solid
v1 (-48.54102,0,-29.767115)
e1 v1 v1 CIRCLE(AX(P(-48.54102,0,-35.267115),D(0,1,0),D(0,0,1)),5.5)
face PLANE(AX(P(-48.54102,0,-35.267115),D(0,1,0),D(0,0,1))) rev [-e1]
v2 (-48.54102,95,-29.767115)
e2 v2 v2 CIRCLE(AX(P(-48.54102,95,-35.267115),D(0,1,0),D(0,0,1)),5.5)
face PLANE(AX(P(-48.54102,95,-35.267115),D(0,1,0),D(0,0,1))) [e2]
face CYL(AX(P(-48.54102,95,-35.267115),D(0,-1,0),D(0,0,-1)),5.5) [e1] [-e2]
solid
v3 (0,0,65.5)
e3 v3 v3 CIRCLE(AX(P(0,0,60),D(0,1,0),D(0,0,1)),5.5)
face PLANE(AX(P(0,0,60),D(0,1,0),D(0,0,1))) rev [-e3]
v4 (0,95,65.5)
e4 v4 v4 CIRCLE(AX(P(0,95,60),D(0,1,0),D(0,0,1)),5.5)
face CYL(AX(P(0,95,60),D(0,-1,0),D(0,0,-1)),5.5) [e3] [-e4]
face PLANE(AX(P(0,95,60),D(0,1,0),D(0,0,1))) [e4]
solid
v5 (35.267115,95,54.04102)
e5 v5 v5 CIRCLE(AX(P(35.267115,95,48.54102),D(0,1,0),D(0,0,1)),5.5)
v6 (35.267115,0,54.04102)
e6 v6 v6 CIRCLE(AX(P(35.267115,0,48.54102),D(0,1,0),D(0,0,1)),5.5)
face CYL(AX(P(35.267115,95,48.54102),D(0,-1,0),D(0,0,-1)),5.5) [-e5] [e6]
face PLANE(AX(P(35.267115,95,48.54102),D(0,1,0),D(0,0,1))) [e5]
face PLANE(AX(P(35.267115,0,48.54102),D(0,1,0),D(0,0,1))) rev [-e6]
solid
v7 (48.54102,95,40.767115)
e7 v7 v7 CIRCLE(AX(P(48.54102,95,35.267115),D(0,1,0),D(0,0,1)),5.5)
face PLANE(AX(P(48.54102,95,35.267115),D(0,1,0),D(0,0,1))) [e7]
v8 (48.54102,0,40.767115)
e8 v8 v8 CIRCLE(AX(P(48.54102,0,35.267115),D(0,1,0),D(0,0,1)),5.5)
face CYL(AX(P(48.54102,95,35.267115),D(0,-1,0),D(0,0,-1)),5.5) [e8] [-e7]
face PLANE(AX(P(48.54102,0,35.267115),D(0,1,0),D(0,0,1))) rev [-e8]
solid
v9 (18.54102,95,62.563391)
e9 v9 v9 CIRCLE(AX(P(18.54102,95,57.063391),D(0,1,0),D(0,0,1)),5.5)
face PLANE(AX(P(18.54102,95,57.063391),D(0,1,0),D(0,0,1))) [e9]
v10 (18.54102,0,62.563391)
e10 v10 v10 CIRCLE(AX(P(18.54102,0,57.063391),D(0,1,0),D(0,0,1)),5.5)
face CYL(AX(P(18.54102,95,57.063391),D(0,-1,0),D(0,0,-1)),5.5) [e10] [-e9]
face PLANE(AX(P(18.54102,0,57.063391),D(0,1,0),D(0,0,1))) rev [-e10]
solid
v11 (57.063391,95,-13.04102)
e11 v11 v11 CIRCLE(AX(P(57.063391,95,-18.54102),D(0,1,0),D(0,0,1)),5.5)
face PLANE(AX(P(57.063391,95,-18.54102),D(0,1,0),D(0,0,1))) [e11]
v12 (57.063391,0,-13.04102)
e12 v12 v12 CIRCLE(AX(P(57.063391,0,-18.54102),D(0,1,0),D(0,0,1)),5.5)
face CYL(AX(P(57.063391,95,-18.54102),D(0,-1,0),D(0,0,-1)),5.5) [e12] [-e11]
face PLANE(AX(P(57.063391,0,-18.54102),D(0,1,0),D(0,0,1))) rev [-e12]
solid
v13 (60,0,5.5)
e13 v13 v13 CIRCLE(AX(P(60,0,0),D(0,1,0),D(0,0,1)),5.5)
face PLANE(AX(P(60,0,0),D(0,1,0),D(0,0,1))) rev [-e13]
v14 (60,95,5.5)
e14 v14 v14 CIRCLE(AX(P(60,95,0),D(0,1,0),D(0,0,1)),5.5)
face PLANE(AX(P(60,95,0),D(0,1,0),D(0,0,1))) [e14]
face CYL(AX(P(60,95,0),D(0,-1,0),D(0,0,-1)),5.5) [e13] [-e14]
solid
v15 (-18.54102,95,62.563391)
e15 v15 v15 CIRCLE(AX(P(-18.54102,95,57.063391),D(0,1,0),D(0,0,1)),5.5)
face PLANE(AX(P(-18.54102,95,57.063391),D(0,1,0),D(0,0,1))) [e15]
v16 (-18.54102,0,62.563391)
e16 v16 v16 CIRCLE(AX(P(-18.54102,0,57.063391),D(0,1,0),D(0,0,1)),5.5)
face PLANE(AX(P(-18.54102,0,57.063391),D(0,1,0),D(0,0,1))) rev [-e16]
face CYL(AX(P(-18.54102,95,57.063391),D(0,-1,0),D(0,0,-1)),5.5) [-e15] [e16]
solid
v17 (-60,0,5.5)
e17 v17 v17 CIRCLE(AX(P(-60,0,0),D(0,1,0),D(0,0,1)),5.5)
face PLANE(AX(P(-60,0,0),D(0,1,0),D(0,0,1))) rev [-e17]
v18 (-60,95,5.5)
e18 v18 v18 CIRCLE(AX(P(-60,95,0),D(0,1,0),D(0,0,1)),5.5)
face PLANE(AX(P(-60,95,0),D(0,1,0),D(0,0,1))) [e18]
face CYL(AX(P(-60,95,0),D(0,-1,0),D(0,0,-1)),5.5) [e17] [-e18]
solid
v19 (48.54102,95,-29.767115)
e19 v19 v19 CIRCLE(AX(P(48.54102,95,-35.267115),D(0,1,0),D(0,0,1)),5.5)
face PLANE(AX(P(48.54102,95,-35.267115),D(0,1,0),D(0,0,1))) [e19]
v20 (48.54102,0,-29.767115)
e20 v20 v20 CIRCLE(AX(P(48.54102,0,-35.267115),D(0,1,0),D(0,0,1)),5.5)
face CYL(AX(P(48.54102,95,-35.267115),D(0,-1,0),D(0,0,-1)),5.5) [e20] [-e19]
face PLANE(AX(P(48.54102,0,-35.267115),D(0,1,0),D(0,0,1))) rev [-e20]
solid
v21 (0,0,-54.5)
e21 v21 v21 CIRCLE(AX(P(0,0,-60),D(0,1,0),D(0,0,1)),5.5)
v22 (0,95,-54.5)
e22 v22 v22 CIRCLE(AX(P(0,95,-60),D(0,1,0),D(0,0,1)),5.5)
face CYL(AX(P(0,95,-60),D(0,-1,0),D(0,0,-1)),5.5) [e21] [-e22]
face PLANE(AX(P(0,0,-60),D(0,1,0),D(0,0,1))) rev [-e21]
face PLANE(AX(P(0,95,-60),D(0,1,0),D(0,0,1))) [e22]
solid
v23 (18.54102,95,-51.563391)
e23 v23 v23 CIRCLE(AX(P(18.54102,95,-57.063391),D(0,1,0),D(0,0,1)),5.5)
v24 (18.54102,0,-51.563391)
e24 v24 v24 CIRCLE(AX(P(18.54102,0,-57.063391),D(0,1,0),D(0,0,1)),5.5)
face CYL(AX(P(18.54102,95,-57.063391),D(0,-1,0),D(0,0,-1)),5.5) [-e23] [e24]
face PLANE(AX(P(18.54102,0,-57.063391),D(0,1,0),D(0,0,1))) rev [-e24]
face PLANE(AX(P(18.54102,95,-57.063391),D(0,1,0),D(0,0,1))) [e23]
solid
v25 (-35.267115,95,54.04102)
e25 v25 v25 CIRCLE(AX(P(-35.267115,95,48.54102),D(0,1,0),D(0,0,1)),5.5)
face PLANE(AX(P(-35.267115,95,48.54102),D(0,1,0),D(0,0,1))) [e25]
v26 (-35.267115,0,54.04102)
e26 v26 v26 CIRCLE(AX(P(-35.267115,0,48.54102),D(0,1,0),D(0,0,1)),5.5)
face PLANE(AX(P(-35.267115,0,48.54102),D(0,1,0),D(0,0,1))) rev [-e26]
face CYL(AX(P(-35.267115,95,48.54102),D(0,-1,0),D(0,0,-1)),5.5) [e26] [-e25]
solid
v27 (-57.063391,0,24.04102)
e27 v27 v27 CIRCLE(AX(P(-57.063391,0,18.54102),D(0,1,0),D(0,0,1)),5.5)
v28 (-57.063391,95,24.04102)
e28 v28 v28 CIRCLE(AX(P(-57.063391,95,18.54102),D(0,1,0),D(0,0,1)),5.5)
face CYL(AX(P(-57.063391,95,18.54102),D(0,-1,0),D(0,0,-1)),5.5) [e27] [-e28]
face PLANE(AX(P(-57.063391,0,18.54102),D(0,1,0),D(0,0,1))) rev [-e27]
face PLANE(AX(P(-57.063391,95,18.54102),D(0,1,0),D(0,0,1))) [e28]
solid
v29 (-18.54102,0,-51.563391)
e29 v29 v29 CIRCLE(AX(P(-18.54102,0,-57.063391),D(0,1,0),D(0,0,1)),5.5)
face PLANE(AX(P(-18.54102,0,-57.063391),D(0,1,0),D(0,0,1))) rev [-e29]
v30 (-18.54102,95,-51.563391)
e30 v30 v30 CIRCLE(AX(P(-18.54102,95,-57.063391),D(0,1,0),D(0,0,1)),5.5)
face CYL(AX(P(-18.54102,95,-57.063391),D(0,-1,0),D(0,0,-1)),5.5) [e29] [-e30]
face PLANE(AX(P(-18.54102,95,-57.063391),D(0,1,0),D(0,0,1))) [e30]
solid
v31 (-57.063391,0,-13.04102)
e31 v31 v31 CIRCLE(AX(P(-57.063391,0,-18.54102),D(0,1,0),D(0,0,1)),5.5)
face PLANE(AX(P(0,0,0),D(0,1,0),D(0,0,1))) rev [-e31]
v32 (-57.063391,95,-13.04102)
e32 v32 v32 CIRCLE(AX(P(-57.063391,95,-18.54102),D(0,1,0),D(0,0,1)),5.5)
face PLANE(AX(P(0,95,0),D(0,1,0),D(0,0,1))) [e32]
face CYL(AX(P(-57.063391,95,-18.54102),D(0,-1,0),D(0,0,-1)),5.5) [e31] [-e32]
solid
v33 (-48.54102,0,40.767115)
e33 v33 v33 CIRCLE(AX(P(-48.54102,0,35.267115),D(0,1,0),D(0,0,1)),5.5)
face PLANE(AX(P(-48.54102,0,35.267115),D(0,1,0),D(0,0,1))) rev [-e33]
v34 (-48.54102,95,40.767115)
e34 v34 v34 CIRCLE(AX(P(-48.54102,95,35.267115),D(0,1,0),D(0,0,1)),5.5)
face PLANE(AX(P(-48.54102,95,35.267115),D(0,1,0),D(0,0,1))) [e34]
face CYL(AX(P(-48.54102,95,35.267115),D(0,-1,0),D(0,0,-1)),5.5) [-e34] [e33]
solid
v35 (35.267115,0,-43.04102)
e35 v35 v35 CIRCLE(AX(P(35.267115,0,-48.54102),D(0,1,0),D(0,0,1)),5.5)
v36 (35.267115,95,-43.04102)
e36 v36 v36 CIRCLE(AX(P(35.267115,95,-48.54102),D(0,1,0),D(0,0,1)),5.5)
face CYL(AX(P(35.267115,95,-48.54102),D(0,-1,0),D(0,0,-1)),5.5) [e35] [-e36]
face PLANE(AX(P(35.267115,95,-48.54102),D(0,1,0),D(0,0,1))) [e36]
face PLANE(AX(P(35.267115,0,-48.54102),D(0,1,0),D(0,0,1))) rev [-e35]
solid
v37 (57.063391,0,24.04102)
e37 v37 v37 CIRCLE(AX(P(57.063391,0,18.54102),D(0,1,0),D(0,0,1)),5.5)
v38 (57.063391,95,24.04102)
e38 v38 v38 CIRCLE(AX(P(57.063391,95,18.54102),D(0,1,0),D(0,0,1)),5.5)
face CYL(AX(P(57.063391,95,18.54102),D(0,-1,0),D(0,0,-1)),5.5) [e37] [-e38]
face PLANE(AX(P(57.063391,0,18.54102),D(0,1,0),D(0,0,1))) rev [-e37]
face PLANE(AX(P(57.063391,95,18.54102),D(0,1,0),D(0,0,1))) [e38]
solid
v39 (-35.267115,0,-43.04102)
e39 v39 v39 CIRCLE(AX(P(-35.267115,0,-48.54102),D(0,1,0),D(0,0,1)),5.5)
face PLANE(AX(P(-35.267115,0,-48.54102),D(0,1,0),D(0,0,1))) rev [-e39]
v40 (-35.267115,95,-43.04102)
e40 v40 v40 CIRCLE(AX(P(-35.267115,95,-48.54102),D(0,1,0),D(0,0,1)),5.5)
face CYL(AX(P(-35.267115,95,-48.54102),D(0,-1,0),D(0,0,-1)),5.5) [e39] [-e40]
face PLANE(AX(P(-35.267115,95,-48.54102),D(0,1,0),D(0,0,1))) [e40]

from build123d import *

# Parameters (mm, degrees)
SKETCH1_R              = 5.5
BOSS_EXTRUDE1_DEPTH    = 95
BOSS_EXTRUDE1_2_DEPTH  = 95
BOSS_EXTRUDE1_3_DEPTH  = 95
BOSS_EXTRUDE1_4_DEPTH  = 95
BOSS_EXTRUDE1_5_DEPTH  = 95
BOSS_EXTRUDE1_6_DEPTH  = 95
BOSS_EXTRUDE1_7_DEPTH  = 95
BOSS_EXTRUDE1_8_DEPTH  = 95
BOSS_EXTRUDE1_9_DEPTH  = 95
BOSS_EXTRUDE1_10_DEPTH = 95
BOSS_EXTRUDE1_11_DEPTH = 95
BOSS_EXTRUDE1_12_DEPTH = 95
BOSS_EXTRUDE1_13_DEPTH = 95
BOSS_EXTRUDE1_14_DEPTH = 95
BOSS_EXTRUDE1_15_DEPTH = 95
BOSS_EXTRUDE1_16_DEPTH = 95
BOSS_EXTRUDE1_17_DEPTH = 95
BOSS_EXTRUDE1_18_DEPTH = 95
BOSS_EXTRUDE1_19_DEPTH = 95
BOSS_EXTRUDE1_20_DEPTH = 95


with BuildPart() as part:
    # Sketch1 → Boss-Extrude1 (new body)
    with BuildSketch(Plane(origin=(0, 0, 0), x_dir=(1, 0, 0), z_dir=(0, 1, 0))):
        with Locations((-60, 0)):
            Circle(SKETCH1_R)
    extrude(amount=BOSS_EXTRUDE1_DEPTH)


with BuildPart() as body_2:
    # Sketch1 → Boss-Extrude1 2 (new body)
    with BuildSketch(Plane(origin=(0, 0, 0), x_dir=(1, 0, 0), z_dir=(0, 1, 0))):
        with Locations((-57.063390978, 18.541019662)):
            Circle(SKETCH1_R)
    extrude(amount=BOSS_EXTRUDE1_2_DEPTH)


with BuildPart() as body_3:
    # Sketch1 → Boss-Extrude1 3 (new body)
    with BuildSketch(Plane(origin=(0, 0, 0), x_dir=(1, 0, 0), z_dir=(0, 1, 0))):
        with Locations((-48.541019662, 35.267115138)):
            Circle(SKETCH1_R)
    extrude(amount=BOSS_EXTRUDE1_3_DEPTH)


with BuildPart() as body_4:
    # Sketch1 → Boss-Extrude1 4 (new body)
    with BuildSketch(Plane(origin=(0, 0, 0), x_dir=(1, 0, 0), z_dir=(0, 1, 0))):
        with Locations((-35.267115138, 48.541019662)):
            Circle(SKETCH1_R)
    extrude(amount=BOSS_EXTRUDE1_4_DEPTH)


with BuildPart() as body_5:
    # Sketch1 → Boss-Extrude1 5 (new body)
    with BuildSketch(Plane(origin=(0, 0, 0), x_dir=(1, 0, 0), z_dir=(0, 1, 0))):
        with Locations((-18.541019662, 57.063390978)):
            Circle(SKETCH1_R)
    extrude(amount=BOSS_EXTRUDE1_5_DEPTH)


with BuildPart() as body_6:
    # Sketch1 → Boss-Extrude1 6 (new body)
    with BuildSketch(Plane(origin=(0, 0, 0), x_dir=(1, 0, 0), z_dir=(0, 1, 0))):
        with Locations((0, 60)):
            Circle(SKETCH1_R)
    extrude(amount=BOSS_EXTRUDE1_6_DEPTH)


with BuildPart() as body_7:
    # Sketch1 → Boss-Extrude1 7 (new body)
    with BuildSketch(Plane(origin=(0, 0, 0), x_dir=(1, 0, 0), z_dir=(0, 1, 0))):
        with Locations((18.541019662, 57.063390978)):
            Circle(SKETCH1_R)
    extrude(amount=BOSS_EXTRUDE1_7_DEPTH)


with BuildPart() as body_8:
    # Sketch1 → Boss-Extrude1 8 (new body)
    with BuildSketch(Plane(origin=(0, 0, 0), x_dir=(1, 0, 0), z_dir=(0, 1, 0))):
        with Locations((35.267115138, 48.541019662)):
            Circle(SKETCH1_R)
    extrude(amount=BOSS_EXTRUDE1_8_DEPTH)


with BuildPart() as body_9:
    # Sketch1 → Boss-Extrude1 9 (new body)
    with BuildSketch(Plane(origin=(0, 0, 0), x_dir=(1, 0, 0), z_dir=(0, 1, 0))):
        with Locations((48.541019662, 35.267115138)):
            Circle(SKETCH1_R)
    extrude(amount=BOSS_EXTRUDE1_9_DEPTH)


with BuildPart() as body_10:
    # Sketch1 → Boss-Extrude1 10 (new body)
    with BuildSketch(Plane(origin=(0, 0, 0), x_dir=(1, 0, 0), z_dir=(0, 1, 0))):
        with Locations((57.063390978, 18.541019662)):
            Circle(SKETCH1_R)
    extrude(amount=BOSS_EXTRUDE1_10_DEPTH)


with BuildPart() as body_11:
    # Sketch1 → Boss-Extrude1 11 (new body)
    with BuildSketch(Plane(origin=(0, 0, 0), x_dir=(1, 0, 0), z_dir=(0, 1, 0))):
        with Locations((60, 0)):
            Circle(SKETCH1_R)
    extrude(amount=BOSS_EXTRUDE1_11_DEPTH)


with BuildPart() as body_12:
    # Sketch1 → Boss-Extrude1 12 (new body)
    with BuildSketch(Plane(origin=(0, 0, 0), x_dir=(1, 0, 0), z_dir=(0, 1, 0))):
        with Locations((57.063390978, -18.541019662)):
            Circle(SKETCH1_R)
    extrude(amount=BOSS_EXTRUDE1_12_DEPTH)


with BuildPart() as body_13:
    # Sketch1 → Boss-Extrude1 13 (new body)
    with BuildSketch(Plane(origin=(0, 0, 0), x_dir=(1, 0, 0), z_dir=(0, 1, 0))):
        with Locations((48.541019662, -35.267115138)):
            Circle(SKETCH1_R)
    extrude(amount=BOSS_EXTRUDE1_13_DEPTH)


with BuildPart() as body_14:
    # Sketch1 → Boss-Extrude1 14 (new body)
    with BuildSketch(Plane(origin=(0, 0, 0), x_dir=(1, 0, 0), z_dir=(0, 1, 0))):
        with Locations((35.267115138, -48.541019662)):
            Circle(SKETCH1_R)
    extrude(amount=BOSS_EXTRUDE1_14_DEPTH)


with BuildPart() as body_15:
    # Sketch1 → Boss-Extrude1 15 (new body)
    with BuildSketch(Plane(origin=(0, 0, 0), x_dir=(1, 0, 0), z_dir=(0, 1, 0))):
        with Locations((18.541019662, -57.063390978)):
            Circle(SKETCH1_R)
    extrude(amount=BOSS_EXTRUDE1_15_DEPTH)


with BuildPart() as body_16:
    # Sketch1 → Boss-Extrude1 16 (new body)
    with BuildSketch(Plane(origin=(0, 0, 0), x_dir=(1, 0, 0), z_dir=(0, 1, 0))):
        with Locations((0, -60)):
            Circle(SKETCH1_R)
    extrude(amount=BOSS_EXTRUDE1_16_DEPTH)


with BuildPart() as body_17:
    # Sketch1 → Boss-Extrude1 17 (new body)
    with BuildSketch(Plane(origin=(0, 0, 0), x_dir=(1, 0, 0), z_dir=(0, 1, 0))):
        with Locations((-18.541019662, -57.063390978)):
            Circle(SKETCH1_R)
    extrude(amount=BOSS_EXTRUDE1_17_DEPTH)


with BuildPart() as body_18:
    # Sketch1 → Boss-Extrude1 18 (new body)
    with BuildSketch(Plane(origin=(0, 0, 0), x_dir=(1, 0, 0), z_dir=(0, 1, 0))):
        with Locations((-35.267115138, -48.541019662)):
            Circle(SKETCH1_R)
    extrude(amount=BOSS_EXTRUDE1_18_DEPTH)


with BuildPart() as body_19:
    # Sketch1 → Boss-Extrude1 19 (new body)
    with BuildSketch(Plane(origin=(0, 0, 0), x_dir=(1, 0, 0), z_dir=(0, 1, 0))):
        with Locations((-48.541019662, -35.267115138)):
            Circle(SKETCH1_R)
    extrude(amount=BOSS_EXTRUDE1_19_DEPTH)


with BuildPart() as body_20:
    # Sketch1 → Boss-Extrude1 20 (new body)
    with BuildSketch(Plane(origin=(0, 0, 0), x_dir=(1, 0, 0), z_dir=(0, 1, 0))):
        with Locations((-57.063390978, -18.541019662)):
            Circle(SKETCH1_R)
    extrude(amount=BOSS_EXTRUDE1_20_DEPTH)


solid = Compound([part.part, body_2.part, body_3.part, body_4.part, body_5.part, body_6.part, body_7.part, body_8.part, body_9.part, body_10.part, body_11.part, body_12.part, body_13.part, body_14.part, body_15.part, body_16.part, body_17.part, body_18.part, body_19.part, body_20.part])
